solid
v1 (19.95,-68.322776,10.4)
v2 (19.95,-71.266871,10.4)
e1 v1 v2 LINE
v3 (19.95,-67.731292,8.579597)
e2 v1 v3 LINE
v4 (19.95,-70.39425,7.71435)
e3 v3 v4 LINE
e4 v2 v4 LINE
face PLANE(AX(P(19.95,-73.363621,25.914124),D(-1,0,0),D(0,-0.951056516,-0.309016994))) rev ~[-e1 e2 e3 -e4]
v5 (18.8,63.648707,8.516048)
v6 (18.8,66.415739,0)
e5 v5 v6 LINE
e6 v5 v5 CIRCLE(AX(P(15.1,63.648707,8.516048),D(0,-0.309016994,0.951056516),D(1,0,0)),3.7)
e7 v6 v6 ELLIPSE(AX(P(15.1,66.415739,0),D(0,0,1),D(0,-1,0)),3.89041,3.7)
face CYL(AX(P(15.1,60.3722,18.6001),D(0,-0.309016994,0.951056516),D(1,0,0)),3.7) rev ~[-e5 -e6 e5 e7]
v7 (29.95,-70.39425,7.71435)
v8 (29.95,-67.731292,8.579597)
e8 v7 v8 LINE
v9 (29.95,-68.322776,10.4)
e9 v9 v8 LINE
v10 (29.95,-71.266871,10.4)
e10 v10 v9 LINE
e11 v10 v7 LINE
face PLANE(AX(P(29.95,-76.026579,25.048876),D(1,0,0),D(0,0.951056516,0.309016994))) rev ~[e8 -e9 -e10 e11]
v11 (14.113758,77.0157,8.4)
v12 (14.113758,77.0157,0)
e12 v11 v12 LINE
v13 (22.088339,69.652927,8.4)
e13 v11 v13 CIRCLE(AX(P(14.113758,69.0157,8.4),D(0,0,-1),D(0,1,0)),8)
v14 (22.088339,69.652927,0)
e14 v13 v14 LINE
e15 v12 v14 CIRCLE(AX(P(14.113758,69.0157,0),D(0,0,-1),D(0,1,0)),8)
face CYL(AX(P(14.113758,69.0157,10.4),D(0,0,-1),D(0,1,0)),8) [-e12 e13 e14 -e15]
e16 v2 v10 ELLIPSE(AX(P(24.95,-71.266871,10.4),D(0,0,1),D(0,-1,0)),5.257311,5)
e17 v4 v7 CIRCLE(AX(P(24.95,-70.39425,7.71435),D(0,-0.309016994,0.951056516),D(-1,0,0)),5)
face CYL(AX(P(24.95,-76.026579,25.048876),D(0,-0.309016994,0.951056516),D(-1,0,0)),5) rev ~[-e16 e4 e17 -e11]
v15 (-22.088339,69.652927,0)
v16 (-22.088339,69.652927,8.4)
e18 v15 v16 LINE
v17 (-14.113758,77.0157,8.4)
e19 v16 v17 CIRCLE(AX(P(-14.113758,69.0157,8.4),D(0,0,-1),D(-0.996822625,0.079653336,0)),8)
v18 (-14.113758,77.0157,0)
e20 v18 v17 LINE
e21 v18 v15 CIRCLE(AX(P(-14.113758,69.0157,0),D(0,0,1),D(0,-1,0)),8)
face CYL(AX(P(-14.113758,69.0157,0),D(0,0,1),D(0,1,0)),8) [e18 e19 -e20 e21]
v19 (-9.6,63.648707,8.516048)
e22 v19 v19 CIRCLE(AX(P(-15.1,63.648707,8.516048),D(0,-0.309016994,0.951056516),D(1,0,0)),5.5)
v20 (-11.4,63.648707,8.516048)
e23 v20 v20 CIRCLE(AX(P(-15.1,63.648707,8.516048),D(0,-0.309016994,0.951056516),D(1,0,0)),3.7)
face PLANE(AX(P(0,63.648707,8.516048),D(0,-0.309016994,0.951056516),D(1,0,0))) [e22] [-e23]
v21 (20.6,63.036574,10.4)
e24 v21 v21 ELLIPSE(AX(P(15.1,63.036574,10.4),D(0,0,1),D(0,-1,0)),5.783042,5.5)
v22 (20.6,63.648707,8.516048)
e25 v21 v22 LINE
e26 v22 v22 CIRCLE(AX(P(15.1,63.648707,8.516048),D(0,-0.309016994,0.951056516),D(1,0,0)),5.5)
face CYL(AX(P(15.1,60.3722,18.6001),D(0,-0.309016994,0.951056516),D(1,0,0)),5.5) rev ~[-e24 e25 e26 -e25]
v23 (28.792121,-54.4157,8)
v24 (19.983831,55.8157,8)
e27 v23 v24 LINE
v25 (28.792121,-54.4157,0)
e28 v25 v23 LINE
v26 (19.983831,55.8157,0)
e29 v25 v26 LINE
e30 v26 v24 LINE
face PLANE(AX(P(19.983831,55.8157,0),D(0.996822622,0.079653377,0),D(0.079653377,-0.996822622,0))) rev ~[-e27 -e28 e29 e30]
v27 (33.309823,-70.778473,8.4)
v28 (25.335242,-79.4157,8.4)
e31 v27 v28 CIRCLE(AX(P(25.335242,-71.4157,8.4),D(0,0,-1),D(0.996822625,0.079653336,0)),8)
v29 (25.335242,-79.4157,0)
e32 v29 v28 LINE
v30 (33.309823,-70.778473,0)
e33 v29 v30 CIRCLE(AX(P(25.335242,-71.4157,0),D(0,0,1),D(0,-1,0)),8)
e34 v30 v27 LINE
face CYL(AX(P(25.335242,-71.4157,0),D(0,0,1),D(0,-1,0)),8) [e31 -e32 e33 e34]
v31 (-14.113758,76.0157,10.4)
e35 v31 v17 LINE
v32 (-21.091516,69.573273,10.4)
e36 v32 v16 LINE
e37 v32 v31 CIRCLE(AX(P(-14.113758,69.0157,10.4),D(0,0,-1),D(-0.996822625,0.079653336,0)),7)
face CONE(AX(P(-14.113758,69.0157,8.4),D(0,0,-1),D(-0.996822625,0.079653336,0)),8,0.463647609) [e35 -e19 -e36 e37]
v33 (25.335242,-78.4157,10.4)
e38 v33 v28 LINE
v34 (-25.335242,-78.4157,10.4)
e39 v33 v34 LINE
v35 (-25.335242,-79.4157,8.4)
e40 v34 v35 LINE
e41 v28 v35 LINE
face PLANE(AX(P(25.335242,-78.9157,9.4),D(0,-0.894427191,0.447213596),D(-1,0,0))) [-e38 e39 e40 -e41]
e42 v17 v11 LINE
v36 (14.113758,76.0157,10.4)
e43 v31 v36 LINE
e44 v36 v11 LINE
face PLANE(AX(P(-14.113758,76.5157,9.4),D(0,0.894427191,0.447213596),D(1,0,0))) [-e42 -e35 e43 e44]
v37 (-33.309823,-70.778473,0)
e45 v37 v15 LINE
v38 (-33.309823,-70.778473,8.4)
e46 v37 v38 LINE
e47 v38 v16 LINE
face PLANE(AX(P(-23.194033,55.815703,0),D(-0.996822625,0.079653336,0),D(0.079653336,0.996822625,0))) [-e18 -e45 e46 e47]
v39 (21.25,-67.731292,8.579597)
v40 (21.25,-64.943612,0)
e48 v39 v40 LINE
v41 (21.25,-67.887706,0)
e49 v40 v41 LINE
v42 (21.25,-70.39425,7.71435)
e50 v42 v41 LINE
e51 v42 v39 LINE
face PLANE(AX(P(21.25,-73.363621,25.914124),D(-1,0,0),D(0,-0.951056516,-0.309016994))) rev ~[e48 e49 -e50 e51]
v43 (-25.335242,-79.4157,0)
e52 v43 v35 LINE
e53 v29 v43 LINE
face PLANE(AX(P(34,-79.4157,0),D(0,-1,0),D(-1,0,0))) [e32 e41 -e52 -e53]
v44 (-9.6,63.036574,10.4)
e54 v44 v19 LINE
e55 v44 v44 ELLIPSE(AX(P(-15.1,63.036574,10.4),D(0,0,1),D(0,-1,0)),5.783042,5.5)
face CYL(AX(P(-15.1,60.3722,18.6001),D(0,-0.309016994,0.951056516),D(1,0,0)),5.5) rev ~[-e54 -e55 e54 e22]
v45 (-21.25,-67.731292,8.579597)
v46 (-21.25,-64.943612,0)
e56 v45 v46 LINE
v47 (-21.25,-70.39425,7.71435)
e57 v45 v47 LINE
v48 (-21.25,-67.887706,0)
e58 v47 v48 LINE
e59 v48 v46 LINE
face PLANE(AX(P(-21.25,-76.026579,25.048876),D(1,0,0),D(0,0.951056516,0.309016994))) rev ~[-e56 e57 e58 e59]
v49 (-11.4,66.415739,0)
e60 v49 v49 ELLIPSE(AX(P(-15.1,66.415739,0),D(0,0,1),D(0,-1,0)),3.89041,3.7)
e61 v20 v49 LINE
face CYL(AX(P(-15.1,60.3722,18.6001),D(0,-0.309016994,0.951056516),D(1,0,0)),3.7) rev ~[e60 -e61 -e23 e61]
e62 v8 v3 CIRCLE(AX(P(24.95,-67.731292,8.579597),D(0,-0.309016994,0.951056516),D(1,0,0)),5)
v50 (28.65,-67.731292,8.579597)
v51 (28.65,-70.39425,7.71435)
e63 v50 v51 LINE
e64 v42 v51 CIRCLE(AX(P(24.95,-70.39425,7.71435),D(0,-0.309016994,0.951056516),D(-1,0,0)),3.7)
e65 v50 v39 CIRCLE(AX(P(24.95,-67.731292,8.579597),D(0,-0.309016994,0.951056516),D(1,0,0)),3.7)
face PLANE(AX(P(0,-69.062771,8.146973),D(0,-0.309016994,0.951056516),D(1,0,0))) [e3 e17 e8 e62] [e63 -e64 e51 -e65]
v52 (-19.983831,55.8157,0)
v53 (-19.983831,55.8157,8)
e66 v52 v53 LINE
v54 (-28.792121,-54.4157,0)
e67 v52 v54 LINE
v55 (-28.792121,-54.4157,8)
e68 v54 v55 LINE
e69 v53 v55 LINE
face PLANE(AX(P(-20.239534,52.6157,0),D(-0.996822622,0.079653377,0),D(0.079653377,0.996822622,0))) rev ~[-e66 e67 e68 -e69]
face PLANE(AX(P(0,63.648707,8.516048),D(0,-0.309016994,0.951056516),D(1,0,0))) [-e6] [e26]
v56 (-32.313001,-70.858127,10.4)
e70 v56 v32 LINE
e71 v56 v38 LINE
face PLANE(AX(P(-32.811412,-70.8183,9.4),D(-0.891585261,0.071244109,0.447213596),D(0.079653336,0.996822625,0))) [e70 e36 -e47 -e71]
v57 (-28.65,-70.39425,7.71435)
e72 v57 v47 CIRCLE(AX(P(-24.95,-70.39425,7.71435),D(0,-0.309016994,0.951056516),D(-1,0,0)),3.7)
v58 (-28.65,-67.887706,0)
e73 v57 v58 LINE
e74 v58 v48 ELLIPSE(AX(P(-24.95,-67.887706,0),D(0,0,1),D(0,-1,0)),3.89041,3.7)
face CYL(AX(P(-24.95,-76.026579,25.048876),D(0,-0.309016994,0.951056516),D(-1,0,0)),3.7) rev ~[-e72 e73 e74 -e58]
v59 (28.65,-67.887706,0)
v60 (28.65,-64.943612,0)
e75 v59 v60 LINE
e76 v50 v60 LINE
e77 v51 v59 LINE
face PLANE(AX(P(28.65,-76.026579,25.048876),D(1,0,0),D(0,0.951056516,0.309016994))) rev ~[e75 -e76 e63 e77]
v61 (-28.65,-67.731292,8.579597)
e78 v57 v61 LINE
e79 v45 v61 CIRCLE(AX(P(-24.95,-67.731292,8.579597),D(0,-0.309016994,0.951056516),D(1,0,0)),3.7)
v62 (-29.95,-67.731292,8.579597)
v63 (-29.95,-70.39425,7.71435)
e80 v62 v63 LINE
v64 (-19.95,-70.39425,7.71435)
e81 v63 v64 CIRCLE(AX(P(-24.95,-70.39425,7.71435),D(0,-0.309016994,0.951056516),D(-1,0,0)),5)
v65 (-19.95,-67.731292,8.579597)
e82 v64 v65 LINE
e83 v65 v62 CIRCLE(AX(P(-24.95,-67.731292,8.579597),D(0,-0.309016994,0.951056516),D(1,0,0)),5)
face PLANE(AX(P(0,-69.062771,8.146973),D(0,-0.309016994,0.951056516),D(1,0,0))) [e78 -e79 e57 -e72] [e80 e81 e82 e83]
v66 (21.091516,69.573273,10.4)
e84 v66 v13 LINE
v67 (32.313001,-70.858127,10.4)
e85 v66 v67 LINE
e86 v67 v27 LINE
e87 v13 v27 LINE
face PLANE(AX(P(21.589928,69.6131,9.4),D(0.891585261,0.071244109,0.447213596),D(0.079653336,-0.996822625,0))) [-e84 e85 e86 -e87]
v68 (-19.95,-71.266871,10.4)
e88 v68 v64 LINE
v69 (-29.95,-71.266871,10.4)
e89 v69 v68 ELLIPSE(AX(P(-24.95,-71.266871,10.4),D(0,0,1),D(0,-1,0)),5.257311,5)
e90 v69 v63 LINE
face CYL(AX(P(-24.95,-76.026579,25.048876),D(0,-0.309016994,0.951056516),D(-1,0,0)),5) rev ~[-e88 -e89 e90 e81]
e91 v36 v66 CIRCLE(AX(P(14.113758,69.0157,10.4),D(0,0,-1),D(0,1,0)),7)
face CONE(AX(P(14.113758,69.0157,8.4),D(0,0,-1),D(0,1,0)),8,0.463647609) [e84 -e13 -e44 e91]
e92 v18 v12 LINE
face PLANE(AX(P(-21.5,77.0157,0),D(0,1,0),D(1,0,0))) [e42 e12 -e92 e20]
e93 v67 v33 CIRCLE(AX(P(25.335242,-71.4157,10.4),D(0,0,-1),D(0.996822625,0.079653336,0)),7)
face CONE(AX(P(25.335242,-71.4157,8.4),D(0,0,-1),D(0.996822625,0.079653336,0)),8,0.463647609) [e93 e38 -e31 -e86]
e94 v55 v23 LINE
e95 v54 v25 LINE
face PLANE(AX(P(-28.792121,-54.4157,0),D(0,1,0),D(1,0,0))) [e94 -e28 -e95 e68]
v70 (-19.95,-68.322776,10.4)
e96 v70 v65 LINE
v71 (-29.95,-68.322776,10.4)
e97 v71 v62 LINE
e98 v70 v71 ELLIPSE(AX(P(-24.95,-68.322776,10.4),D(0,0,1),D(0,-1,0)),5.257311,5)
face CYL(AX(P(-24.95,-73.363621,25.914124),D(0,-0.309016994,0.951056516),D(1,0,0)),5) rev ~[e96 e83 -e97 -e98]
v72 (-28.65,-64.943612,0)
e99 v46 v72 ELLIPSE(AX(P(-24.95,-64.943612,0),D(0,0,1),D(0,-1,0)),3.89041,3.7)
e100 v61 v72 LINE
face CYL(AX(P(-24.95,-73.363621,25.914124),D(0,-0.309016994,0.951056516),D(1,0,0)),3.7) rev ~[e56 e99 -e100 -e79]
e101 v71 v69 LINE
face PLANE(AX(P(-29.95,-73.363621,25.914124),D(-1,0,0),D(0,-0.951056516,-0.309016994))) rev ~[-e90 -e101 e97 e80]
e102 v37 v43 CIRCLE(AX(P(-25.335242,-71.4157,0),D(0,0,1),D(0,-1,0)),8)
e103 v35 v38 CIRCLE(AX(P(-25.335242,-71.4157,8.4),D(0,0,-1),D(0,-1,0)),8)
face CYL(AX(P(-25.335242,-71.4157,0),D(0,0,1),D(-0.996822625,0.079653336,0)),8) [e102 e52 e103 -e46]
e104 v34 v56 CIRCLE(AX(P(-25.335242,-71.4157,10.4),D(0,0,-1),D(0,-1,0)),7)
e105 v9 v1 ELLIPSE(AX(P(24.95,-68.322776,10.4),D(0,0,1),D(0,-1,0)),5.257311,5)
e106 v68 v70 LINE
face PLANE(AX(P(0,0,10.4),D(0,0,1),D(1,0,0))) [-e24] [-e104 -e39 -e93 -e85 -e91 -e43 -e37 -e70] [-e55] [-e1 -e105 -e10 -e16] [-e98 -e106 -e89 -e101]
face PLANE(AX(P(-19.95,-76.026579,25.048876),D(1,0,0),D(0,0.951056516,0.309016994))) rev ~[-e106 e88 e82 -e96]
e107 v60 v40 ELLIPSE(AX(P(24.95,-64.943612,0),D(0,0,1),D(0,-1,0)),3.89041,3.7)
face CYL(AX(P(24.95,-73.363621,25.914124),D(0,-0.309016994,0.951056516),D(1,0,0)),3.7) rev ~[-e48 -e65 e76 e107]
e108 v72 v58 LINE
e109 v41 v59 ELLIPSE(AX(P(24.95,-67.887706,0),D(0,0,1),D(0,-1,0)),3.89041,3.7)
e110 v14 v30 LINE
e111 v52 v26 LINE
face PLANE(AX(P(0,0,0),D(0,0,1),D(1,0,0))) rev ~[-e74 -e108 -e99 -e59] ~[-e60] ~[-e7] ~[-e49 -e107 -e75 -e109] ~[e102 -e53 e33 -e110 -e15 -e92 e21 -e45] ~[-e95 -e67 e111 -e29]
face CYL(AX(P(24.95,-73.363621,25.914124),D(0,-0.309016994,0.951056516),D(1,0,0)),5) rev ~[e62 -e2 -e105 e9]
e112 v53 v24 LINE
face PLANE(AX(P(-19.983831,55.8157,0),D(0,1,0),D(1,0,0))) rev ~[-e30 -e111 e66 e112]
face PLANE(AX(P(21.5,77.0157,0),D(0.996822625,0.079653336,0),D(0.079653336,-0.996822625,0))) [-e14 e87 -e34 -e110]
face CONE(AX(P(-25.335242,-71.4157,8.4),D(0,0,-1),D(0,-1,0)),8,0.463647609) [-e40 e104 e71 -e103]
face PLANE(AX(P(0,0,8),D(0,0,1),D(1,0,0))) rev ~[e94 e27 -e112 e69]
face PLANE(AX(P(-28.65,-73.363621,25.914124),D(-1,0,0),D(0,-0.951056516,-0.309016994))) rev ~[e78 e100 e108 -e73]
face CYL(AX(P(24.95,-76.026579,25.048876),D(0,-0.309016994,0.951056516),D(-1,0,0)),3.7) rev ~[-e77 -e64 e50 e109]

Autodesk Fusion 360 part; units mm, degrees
sketch "Sketch1" plane through (0, 0, 0) normal (0, 0, 1) x (1, 0, 0)
  circle A0 centre (-15.1, 66.4157) radius 3.6
  circle A1 centre (15.1, 66.4157) radius 3.6
  line L0 (-21.35, -67.8157) -> (-21.35, -65.0157)
  arc A2 (-21.35, -65.0157) -> (-28.55, -65.0157) centre (-24.95, -65.0157) ccw
  line L1 (-28.55, -65.0157) -> (-28.55, -67.8157)
  arc A3 (-28.55, -67.8157) -> (-21.35, -67.8157) centre (-24.95, -67.8157) ccw
  line L2 (-24.95, -67.8157) -> (-24.95, -65.0157) construction
  line L3 (28.55, -67.8157) -> (28.55, -65.0157)
  arc A4 (28.55, -65.0157) -> (21.35, -65.0157) centre (24.95, -65.0157) ccw
  line L4 (21.35, -65.0157) -> (21.35, -67.8157)
  arc A5 (21.35, -67.8157) -> (28.55, -67.8157) centre (24.95, -67.8157) ccw
  line L5 (24.95, -67.8157) -> (24.95, -65.0157) construction
  line L6 (21.35, -66.4157) -> (-21.35, -66.4157) construction
  line L7 (0, 0) -> (0, -66.4157) construction
  line L8 (0, 0) -> (0, 66.4157) construction
  line L9 (-11.5, 66.4157) -> (11.5, 66.4157) construction
  line L10 (11.5, 62.5719) -> (11.5, 70.0303) construction
  line L11 (-11.5, 69.0679) -> (-11.5, 63.414) construction
  line L12 (-21.5, 77.0157) -> (21.5, 77.0157)
  line L13 (21.5, 77.0157) -> (34, -79.4157)
  line L14 (34, -79.4157) -> (-34, -79.4157)
  line L15 (-34, -79.4157) -> (-21.5, 77.0157)
  line L16 (-30.5341, -76.2157) -> (-18.5455, 73.8157)
  line L17 (-18.5455, 73.8157) -> (18.5455, 73.8157)
  line L18 (18.5455, 73.8157) -> (30.5341, -76.2157)
  line L19 (30.5341, -76.2157) -> (-30.5341, -76.2157)
  line L20 (-23.194, 55.8157) -> (23.194, 55.8157)
  line L21 (-32.0023, -54.4157) -> (32.0023, -54.4157)
  line L22 (-23.4497, 52.6157) -> (23.4497, 52.6157)
  line L23 (-31.7466, -51.2157) -> (31.7466, -51.2157)
  point P0 (-24.95, -66.4157)
  point P1 (24.95, -66.4157)
  dimension "d1" = 7.2
  dimension "d2" = 7.2
  dimension "d3" = 7.2
  dimension "d4" = 7.2
  dimension "d5" = 10
  dimension "d6" = 10
  dimension "d8" = 42.7
  dimension "d9" = 23
  dimension "d10" = 124.6
  dimension "d11" = 43
  dimension "d12" = 21.5
  dimension "d13" = 68
  dimension "d14" = 34
  dimension "d15" = 7
  dimension "d16" = 8
  dimension "d17" = 3.2
  dimension "d19" = 7
  dimension "d20" = 7
  dimension "d23" = 3.2
  dimension "d24" = 3.2
extrude "Extrude1" add sketch "Sketch1" along normal blind 8 contours A0 | A1 | L0 A2 L1 A3 | L3 A4 L4 A5 | L12 L13 L15 L16 L17 L18 L20 | L15 L16 L20 L22 | L13 L18 L20 L22 | L15 L16 L22 L23 | L16 L17 L18 L20 | L13 L18 L22 L23 | L15 L16 L21 L23 | L13 L18 L21 L23 | L13 L14 L15 L16 L18 L19 L21 | L16 L18 L19 L21
extrude "Extrude5" add sketch "Sketch1" along normal blind 2.4 from surface at 8 contours A0 | A1 | L0 A2 L1 A3 | L3 A4 L4 A5 | L12 L13 L15 L16 L17 L18 L20 | L15 L16 L20 L22 | L13 L18 L20 L22 | L15 L16 L22 L23 | L16 L18 L20 L22 | L16 L17 L18 L20 | L13 L18 L22 L23 | L15 L16 L21 L23 | L16 L18 L22 L23 | L13 L18 L21 L23 | L13 L14 L15 L16 L18 L19 L21 | L16 L18 L21 L23 | L16 L18 L19 L21
fillet "Fillet2" radius 8 4 edges at (-34, -79.4157, 5.2) (34, -79.4157, 5.2) (21.5, 77.0157, 5.2) (-21.5, 77.0157, 5.2)
chamfer "Chamfer3" distance 1 distance2 2 8 edges at (-27.6991, -0.5628, 10.4) (-31.2131, -76.8426, 10.4) (0, -79.4157, 10.4) (31.2131, -76.8426, 10.4) (27.6991, -0.5628, 10.4) (19.5406, 74.8935, 10.4) (0, 77.0157, 10.4) (-19.5406, 74.8935, 10.4) measured on face at (7.3628, -23.968, 10.4) measured on face at (-25.7019, -79.4073, 3.4667) measured on face at (7.3628, -23.968, 10.4) measured on face at (33.246, -72.6073, 3.4667) measured on face at (7.3628, -23.968, 10.4) measured on face at (20.0972, 74.326, 6.9333) measured on face at (7.3628, -23.968, 10.4) measured on face at (-20.8196, 73.3782, 3.4667)
sketch "Sketch3" plane through (0, 0, 0) normal (1, 0, 0) x (0, 1, 0)
  line L0 (66.4157, 0) -> (58.8029, 23.4298)
  line L1 (-66.4157, 0) -> (-75.3617, 27.5331)
  line L2 (-67.8157, 0) -> (-65.0157, 0)
  line L3 (70.0157, 0) -> (62.8157, 0)
  dimension "d47" = 72
  dimension "d50" = 72
ref_plane "WorkPlane1" through (0, 60.3722, 18.6001) normal (0, -0.309, 0.9511) x (1, 0, 0)
sketch "Sketch4" plane through (0, 60.3722, 18.6001) normal (0, -0.309, 0.9511) x (1, 0, 0)
  ellipse E0 centre (15.1, 0) end of major axis (18.7, 0) minor radius 3.4238
  ellipse E1 centre (-15.1, 0) end of major axis (-11.5, 0) minor radius 3.4238
  circle A0 centre (15.1, 0) radius 3.7
  circle A1 centre (-15.1, 0) radius 3.7
  dimension "d64" = 7.4
  dimension "d65" = 7.4
extrude "Extrude6" cut sketch "Sketch4" against normal through all contours E0 | E1 | A0 | A1
ref_plane "WorkPlane2" through (0, -74.6951, 25.4815) normal (0, -0.309, 0.9511) x (1, 0, 0)
sketch "Sketch5" plane through (0, -74.6951, 25.4815) normal (0, -0.309, 0.9511) x (1, 0, 0)
  line L0 (28.65, -1.4) -> (28.65, 1.4)
  arc A0 (28.65, 1.4) -> (21.25, 1.4) centre (24.95, 1.4) ccw
  line L1 (21.25, 1.4) -> (21.25, -1.4)
  arc A1 (21.25, -1.4) -> (28.65, -1.4) centre (24.95, -1.4) ccw
  line L2 (24.95, -1.4) -> (24.95, 1.4) construction
  line L3 (-21.25, -1.4) -> (-21.25, 1.4)
  arc A2 (-21.25, 1.4) -> (-28.65, 1.4) centre (-24.95, 1.4) ccw
  line L4 (-28.65, 1.4) -> (-28.65, -1.4)
  arc A3 (-28.65, -1.4) -> (-21.25, -1.4) centre (-24.95, -1.4) ccw
  line L5 (-24.95, -1.4) -> (-24.95, 1.4) construction
  point P0 (24.95, 0)
  point P1 (-24.95, 0)
  point P2 (24.95, 0)
  point P3 (-24.95, 0)
  dimension "d69" = 7.4
  dimension "d70" = 7.4
  dimension "d71" = 10.2
  dimension "d72" = 10.2
extrude "Extrude7" cut sketch "Sketch5" against normal through all
sketch "Sketch6" plane through (0, 60.3722, 18.6001) normal (0, -0.309, 0.9511) x (1, 0, 0)
  ellipse E0 centre (-15.1, 0) end of major axis (-11.5, 0) minor radius 3.4238
  ellipse E1 centre (15.1, 0) end of major axis (18.7, 0) minor radius 3.4238
  circle A0 centre (-15.1, 0) radius 5.5
  circle A1 centre (15.1, 0) radius 5.5
  dimension "d75" = 11
  dimension "d76" = 11
extrude "Extrude8" cut sketch "Sketch6" against normal blind 10.603 contours E0 | E1 | A0 | A1
sketch "Sketch7" plane through (0, -74.6951, 25.4815) normal (0, -0.309, 0.9511) x (1, 0, 0)
  arc A0 (-21.25, 1.4) -> (-28.65, 1.4) centre (-24.95, 1.4) ccw
  line L0 (-21.25, -1.4) -> (-21.25, 1.4)
  arc A1 (-28.65, -1.4) -> (-21.25, -1.4) centre (-24.95, -1.4) ccw
  line L1 (-28.65, 1.4) -> (-28.65, -1.4)
  arc A2 (28.65, 1.4) -> (21.25, 1.4) centre (24.95, 1.4) ccw
  line L2 (21.25, 1.4) -> (21.25, -1.4)
  arc A3 (21.25, -1.4) -> (28.65, -1.4) centre (24.95, -1.4) ccw
  line L3 (28.65, -1.4) -> (28.65, 1.4)
  line L4 (-19.95, -1.4) -> (-19.95, 1.4)
  arc A4 (-19.95, 1.4) -> (-29.95, 1.4) centre (-24.95, 1.4) ccw
  line L5 (-29.95, 1.4) -> (-29.95, -1.4)
  arc A5 (-29.95, -1.4) -> (-19.95, -1.4) centre (-24.95, -1.4) ccw
  line L6 (29.95, -1.4) -> (29.95, 1.4)
  arc A6 (29.95, 1.4) -> (19.95, 1.4) centre (24.95, 1.4) ccw
  line L7 (19.95, 1.4) -> (19.95, -1.4)
  arc A7 (19.95, -1.4) -> (29.95, -1.4) centre (24.95, -1.4) ccw
  dimension "d79" = 1.3
  dimension "d80" = 10
  dimension "d81" = 1.3
extrude "Extrude9" cut sketch "Sketch7" against normal blind 18.2266 contours A0 L0 A1 L1 | A2 L2 A3 L3 | L4 A4 L5 A5 | L6 A6 L7 A7
equation "d2 = d1"
equation "d12 = d11 / 2"
equation "d14 = d13 / 2"
equation "d17 = ( 0.4 * 8 ) * 1 mm"
equation "d23 = d17"
equation "d24 = d17"
equation "d47 = 90 deg - 18 deg"
equation "d50 = d47"
equation "d64 = d65"
equation "d70 = d69"
equation "d72 = d71"
equation "d76 = d75"
equation "d81 = d79"
